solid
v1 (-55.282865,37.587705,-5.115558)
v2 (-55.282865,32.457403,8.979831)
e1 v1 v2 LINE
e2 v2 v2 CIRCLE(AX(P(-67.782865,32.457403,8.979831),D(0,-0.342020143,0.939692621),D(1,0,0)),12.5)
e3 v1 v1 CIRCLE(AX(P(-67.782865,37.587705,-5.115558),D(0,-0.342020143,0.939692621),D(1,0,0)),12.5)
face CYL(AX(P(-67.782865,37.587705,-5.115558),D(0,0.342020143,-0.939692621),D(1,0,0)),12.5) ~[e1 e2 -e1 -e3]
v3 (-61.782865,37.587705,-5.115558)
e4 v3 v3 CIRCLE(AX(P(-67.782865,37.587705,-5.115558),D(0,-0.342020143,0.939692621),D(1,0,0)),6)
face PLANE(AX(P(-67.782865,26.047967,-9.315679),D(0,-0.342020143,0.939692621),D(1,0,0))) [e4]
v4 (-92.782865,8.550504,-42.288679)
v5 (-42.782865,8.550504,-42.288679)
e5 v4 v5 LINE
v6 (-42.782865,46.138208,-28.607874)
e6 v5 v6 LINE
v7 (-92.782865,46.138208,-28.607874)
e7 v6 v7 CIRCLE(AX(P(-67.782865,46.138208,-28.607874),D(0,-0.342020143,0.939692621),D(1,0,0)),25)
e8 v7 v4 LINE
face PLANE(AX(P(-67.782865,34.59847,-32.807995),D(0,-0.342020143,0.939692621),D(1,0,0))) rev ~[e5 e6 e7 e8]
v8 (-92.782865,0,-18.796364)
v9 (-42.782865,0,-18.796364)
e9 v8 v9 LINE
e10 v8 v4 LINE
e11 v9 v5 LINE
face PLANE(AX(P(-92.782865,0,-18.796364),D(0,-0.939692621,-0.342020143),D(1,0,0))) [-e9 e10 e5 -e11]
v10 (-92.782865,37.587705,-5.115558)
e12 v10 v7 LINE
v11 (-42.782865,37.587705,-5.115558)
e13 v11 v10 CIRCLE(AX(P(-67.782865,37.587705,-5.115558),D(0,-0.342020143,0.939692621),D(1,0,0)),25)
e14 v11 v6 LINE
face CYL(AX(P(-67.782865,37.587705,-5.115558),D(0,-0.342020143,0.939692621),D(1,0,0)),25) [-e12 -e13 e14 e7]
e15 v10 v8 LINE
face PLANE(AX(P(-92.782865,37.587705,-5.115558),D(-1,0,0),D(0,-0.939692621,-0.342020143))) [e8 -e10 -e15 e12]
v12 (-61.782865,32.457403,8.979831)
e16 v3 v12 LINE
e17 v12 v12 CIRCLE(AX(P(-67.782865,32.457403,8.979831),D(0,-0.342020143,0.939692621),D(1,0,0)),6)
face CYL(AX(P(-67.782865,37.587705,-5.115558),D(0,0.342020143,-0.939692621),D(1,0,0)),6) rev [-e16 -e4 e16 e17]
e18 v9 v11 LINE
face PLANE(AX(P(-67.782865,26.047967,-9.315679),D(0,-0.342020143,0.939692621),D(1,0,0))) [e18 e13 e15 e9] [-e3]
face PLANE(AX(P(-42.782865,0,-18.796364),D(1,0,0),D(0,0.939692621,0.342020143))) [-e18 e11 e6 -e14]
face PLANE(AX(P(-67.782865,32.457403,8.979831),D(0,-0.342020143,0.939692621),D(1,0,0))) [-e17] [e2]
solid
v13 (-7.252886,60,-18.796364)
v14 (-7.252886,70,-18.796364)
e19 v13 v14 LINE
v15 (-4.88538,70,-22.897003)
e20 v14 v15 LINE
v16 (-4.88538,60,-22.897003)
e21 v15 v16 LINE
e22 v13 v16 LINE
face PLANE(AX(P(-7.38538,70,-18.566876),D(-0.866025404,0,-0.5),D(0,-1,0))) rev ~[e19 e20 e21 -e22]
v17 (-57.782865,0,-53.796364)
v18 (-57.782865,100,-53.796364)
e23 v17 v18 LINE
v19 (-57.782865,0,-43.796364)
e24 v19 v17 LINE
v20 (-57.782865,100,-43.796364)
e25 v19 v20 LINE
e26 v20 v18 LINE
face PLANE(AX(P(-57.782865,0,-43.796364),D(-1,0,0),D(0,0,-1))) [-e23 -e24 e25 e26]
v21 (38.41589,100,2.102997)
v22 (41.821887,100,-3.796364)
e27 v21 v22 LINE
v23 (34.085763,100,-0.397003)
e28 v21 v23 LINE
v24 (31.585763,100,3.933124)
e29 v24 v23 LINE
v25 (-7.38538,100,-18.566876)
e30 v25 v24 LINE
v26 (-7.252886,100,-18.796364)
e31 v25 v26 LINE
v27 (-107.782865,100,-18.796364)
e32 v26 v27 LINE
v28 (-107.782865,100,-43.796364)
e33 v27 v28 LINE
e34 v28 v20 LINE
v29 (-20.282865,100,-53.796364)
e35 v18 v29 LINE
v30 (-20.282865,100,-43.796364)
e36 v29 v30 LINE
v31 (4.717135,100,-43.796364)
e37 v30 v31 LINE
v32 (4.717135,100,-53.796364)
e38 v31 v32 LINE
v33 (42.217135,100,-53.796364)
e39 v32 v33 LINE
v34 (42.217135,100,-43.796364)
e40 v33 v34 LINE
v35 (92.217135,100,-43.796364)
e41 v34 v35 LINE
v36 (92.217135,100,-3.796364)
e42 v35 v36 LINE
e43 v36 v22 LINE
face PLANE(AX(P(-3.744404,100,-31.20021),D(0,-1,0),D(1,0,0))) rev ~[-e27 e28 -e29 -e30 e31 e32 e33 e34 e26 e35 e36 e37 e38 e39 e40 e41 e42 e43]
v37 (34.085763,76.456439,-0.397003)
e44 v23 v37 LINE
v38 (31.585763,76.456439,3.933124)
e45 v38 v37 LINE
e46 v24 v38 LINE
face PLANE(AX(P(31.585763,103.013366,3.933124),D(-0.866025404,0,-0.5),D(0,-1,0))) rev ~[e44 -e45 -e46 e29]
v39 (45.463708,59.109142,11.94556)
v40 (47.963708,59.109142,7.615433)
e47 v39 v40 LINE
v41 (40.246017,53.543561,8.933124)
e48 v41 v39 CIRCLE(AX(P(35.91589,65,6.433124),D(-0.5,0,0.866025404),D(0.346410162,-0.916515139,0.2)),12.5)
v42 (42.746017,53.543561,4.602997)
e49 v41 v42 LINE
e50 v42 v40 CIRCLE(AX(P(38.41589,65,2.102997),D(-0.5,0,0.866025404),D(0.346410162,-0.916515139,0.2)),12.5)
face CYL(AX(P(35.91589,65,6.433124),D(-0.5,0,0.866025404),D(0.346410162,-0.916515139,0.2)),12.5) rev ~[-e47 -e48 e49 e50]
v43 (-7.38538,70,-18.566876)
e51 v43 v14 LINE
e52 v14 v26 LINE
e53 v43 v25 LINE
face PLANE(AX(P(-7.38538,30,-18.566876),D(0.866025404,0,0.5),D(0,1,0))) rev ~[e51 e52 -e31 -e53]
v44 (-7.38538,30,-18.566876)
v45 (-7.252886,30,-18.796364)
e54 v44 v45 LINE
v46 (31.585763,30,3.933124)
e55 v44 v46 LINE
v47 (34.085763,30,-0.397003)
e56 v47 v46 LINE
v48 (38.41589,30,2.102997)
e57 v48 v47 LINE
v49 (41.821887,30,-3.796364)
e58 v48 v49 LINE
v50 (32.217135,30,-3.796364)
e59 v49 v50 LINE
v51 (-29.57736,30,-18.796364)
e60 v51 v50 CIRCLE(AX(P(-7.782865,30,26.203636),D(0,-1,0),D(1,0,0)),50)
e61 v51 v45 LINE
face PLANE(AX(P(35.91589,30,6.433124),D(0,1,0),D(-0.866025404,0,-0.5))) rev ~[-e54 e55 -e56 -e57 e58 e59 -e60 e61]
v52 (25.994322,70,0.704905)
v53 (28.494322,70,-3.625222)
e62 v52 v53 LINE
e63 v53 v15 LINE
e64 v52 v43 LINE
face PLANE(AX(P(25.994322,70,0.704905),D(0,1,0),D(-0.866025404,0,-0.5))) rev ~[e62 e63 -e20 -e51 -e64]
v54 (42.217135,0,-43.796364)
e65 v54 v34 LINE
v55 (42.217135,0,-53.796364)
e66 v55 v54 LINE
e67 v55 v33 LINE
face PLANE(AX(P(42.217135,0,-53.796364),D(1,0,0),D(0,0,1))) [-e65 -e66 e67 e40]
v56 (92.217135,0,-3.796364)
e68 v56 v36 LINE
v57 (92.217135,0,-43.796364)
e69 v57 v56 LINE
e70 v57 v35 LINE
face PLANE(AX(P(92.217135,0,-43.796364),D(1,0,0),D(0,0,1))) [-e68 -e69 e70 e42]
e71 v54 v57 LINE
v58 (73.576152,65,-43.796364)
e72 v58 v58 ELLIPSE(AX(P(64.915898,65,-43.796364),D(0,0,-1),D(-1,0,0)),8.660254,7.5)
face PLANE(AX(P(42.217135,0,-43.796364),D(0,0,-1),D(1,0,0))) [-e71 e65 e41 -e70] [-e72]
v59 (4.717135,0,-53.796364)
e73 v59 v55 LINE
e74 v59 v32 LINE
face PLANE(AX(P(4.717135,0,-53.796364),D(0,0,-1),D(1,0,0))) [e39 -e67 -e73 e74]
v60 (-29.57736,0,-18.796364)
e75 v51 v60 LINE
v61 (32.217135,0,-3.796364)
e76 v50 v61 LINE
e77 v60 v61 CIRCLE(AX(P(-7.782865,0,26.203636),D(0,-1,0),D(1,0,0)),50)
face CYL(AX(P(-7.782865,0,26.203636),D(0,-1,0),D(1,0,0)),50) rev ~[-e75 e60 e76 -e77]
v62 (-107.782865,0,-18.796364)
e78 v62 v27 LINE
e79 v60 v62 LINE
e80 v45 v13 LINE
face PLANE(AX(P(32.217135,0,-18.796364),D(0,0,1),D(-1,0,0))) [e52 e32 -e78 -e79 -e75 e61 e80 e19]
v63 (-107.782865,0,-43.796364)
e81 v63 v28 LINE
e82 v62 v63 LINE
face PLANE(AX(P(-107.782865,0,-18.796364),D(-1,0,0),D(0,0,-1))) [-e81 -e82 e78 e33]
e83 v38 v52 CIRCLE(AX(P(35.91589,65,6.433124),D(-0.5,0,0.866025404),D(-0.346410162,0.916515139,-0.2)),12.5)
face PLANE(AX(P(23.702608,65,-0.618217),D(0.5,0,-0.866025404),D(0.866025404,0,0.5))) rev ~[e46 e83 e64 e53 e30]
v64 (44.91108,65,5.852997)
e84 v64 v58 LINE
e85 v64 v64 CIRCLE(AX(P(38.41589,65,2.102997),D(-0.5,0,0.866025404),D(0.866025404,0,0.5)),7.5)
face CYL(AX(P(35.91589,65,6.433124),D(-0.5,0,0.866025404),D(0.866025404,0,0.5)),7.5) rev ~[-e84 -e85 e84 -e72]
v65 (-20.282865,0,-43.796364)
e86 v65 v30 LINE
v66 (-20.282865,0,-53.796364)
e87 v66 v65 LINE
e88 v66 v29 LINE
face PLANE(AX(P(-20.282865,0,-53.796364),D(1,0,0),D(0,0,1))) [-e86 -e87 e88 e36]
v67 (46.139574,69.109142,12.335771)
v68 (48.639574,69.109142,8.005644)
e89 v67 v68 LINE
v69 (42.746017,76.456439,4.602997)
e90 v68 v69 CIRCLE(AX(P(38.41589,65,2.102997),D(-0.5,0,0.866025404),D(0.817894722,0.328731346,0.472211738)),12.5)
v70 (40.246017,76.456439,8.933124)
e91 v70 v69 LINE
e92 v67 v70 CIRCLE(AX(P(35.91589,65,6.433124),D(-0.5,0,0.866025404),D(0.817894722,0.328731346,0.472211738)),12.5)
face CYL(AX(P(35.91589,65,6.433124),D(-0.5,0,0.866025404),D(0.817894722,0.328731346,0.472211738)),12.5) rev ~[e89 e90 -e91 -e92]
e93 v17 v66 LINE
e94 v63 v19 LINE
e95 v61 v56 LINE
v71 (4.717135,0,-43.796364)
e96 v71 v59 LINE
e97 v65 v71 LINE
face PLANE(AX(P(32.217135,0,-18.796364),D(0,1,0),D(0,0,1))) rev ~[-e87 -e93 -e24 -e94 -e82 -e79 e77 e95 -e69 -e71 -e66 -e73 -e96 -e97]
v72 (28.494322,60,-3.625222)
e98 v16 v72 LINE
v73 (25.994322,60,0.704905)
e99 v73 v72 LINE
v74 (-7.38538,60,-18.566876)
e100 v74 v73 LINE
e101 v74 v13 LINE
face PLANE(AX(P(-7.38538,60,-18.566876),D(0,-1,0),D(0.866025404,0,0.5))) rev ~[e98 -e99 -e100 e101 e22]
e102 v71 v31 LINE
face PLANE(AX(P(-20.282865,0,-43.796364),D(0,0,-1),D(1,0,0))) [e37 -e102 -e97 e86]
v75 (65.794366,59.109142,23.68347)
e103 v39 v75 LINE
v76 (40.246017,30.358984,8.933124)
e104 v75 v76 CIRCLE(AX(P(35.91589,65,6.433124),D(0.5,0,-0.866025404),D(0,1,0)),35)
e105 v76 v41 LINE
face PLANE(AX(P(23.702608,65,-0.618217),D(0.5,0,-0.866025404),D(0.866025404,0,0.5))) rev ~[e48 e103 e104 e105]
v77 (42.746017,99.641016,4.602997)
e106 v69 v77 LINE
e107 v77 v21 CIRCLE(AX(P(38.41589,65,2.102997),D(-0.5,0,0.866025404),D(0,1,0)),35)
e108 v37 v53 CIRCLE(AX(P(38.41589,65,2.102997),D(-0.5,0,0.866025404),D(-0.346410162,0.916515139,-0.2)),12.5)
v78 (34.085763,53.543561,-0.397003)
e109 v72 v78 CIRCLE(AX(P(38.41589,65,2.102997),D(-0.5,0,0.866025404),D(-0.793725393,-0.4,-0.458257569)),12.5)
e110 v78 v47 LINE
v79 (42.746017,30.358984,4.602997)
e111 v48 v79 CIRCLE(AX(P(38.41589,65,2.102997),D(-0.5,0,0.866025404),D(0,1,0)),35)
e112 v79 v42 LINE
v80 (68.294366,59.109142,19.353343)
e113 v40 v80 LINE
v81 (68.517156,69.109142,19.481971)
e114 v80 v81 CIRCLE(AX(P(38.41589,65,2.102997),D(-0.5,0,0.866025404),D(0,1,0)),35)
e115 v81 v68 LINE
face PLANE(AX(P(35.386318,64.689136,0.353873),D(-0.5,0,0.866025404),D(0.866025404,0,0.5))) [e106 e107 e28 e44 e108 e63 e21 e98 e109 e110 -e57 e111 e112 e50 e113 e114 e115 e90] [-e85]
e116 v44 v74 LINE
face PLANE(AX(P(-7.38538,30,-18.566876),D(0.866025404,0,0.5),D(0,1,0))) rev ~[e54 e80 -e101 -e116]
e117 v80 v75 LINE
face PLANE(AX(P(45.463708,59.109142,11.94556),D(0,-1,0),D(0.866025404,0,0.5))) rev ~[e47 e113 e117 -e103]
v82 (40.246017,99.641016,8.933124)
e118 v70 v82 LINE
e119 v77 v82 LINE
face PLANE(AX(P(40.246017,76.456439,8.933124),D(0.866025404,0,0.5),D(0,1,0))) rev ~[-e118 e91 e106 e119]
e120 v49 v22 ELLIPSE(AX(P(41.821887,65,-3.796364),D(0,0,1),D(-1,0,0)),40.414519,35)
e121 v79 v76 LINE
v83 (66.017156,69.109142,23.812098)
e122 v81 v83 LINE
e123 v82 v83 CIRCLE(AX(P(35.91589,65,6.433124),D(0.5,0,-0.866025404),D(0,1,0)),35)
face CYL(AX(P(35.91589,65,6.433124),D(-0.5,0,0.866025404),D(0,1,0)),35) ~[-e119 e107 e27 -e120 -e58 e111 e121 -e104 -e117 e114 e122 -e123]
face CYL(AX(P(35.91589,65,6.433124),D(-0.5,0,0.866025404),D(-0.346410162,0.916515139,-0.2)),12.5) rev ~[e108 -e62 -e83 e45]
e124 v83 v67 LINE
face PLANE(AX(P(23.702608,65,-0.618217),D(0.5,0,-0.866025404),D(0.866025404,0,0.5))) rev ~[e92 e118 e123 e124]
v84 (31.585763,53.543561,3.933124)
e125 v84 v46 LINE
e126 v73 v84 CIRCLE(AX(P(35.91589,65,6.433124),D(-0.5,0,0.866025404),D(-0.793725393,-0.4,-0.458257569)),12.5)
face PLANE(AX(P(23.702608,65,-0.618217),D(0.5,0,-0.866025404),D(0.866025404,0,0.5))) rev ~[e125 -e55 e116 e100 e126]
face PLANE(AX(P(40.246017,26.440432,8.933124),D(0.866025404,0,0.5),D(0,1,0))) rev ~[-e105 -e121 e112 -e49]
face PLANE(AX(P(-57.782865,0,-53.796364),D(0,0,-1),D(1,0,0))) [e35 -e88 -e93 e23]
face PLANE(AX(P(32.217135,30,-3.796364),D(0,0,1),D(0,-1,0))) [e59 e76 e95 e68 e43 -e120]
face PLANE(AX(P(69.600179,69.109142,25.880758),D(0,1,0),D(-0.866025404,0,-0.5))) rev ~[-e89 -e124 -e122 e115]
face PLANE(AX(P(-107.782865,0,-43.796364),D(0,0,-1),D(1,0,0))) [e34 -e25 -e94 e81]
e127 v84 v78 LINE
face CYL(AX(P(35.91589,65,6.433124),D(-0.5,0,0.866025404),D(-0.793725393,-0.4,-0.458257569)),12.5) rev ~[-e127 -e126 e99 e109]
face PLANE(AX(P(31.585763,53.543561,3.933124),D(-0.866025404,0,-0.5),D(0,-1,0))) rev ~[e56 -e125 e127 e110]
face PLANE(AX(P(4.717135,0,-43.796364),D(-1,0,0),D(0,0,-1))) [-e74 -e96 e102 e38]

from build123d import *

# Parameters (mm, degrees)
F1_DEPTH  = 100
F4_DEPTH  = 25
F5_R      = 12.5
F5_R_2    = 6
F6_DEPTH  = 15
F11_R     = 7.5
F12_DEPTH = 80.3118891325
F14_DEPTH = 5
F15_W     = 30
F15_H     = 15
F16_DEPTH = 25
F17_R     = 50
F18_DEPTH = 30


with BuildPart() as f1:
    # F0 (on Front) → F1 (new body)
    with BuildSketch(Plane.XZ):
        Polygon((92.2171346843, -3.7963638455), (32.2171346843, -3.7963638455), (32.2171346843, -18.7963638455), (-107.7828653157, -18.7963638455), (-107.7828653157, -43.7963638455), (-57.7828653157, -43.7963638455), (-57.7828653157, -53.7963638455), (-20.2828653157, -53.7963638455), (-20.2828653157, -43.7963638455), (4.7171346843, -43.7963638455), (4.7171346843, -53.7963638455), (42.2171346843, -53.7963638455), (42.2171346843, -43.7963638455), (92.2171346843, -43.7963638455), align=None)
    extrude(amount=-F1_DEPTH)

    # F9 (on line) → F10 (join, up to the next surface of F1)
    with BuildSketch(Plane(origin=(6.1933479656, 0, -10.7271933453), x_dir=(0.8660254038, 0, 0.5), z_dir=(0.5, 0, -0.8660254038))):
        with BuildLine():
            Line((-15.679365024, -30), (-15.679365024, -100))
            Line((-15.679365024, -100), (34.320634976, -100))
            ThreePointArc((34.320634976, -100), (69.320634976, -65), (34.320634976, -30))
            Line((34.320634976, -30), (-15.679365024, -30))
        make_face()
    extrude(until=Until.NEXT)

    # F11 (on face) → F12 (cut, through all)
    with BuildSketch(Plane(origin=(6.1933479656, 0, -10.7271933453), x_dir=(0.8660254038, 0, 0.5), z_dir=(-0.5, 0, 0.8660254038))):
        with Locations((34.320634976, 65)):
            Circle(F11_R)
    extrude(amount=-F12_DEPTH, mode=Mode.SUBTRACT)

    # F13 (on face) → F14 (cut)
    with BuildSketch(Plane(origin=(6.1933479656, 0, -10.7271933453), x_dir=(0.8660254038, 0, 0.5), z_dir=(-0.5, 0, 0.8660254038))):
        with BuildLine():
            Line((39.320634976, 26.4404322952), (39.320634976, 53.5435607626))
            ThreePointArc((39.320634976, 53.5435607626), (42.8025598424, 55.818118354), (45.3455064204, 59.1091418592))
            Line((45.3455064204, 59.1091418592), (72.9986197077, 59.1091418592))
            Line((72.9986197077, 59.1091418592), (73.2159018517, 69.1091418266))
            Line((73.2159018517, 69.1091418266), (46.1259284264, 69.1091418266))
            ThreePointArc((46.1259284264, 69.1091418266), (43.4912492847, 73.4941057917), (39.320634976, 76.4564392374))
            Line((39.320634976, 76.4564392374), (39.320634976, 103.0133664608))
            Line((39.320634976, 103.0133664608), (29.320634976, 103.0133664608))
            Line((29.320634976, 103.0133664608), (29.320634976, 76.4564392374))
            ThreePointArc((29.320634976, 76.4564392374), (25.4818002112, 73.8388347648), (22.8641957386, 70))
            Line((22.8641957386, 70), (-15.679365024, 70))
            Line((-15.679365024, 70), (-15.679365024, 60))
            Line((-15.679365024, 60), (22.8641957386, 60))
            ThreePointArc((22.8641957386, 60), (25.4818002112, 56.1611652352), (29.320634976, 53.5435607626))
            Line((29.320634976, 53.5435607626), (29.320634976, 26.4404322952))
            Line((29.320634976, 26.4404322952), (39.320634976, 26.4404322952))
        make_face()
    extrude(amount=-F14_DEPTH, mode=Mode.SUBTRACT)

    # F15 (on face) → F16 (join)
    with BuildSketch(Plane(origin=(32.2171346843, 0, 0), x_dir=(0, -1, 0), z_dir=(-1, 0, 0))):
        with Locations((-15, -11.2963638455)):
            Rectangle(F15_W, F15_H)
    extrude(amount=F16_DEPTH)

    # F17 (on face) → F18 (cut, through all)
    with BuildSketch(Plane.XZ):
        with Locations((-7.7828653157, 26.2036361545)):
            Circle(F17_R)
    extrude(amount=-F18_DEPTH, mode=Mode.SUBTRACT)


with BuildPart() as f4:
    # F3 (on face) → F4 (new body)
    with BuildSketch(Plane(origin=(0, 6.0410348935, -16.5976069601), x_dir=(1, 0, 0), z_dir=(0, -0.3420201433, 0.9396926208))):
        with BuildLine():
            Line((-92.7828653157, 33.5712649436), (-92.7828653157, -6.4287350564))
            Line((-92.7828653157, -6.4287350564), (-42.7828653157, -6.4287350564))
            Line((-42.7828653157, -6.4287350564), (-42.7828653157, 33.5712649436))
            ThreePointArc((-42.7828653157, 33.5712649436), (-67.7828653157, 58.5712649436), (-92.7828653157, 33.5712649436))
        make_face()
    extrude(amount=-F4_DEPTH)

    # F5 (on face) → F6 (join)
    with BuildSketch(Plane(origin=(0, 6.0410348935, -16.5976069601), x_dir=(1, 0, 0), z_dir=(0, -0.3420201433, 0.9396926208))):
        with Locations((-67.7828653157, 33.5712649436)):
            Circle(F5_R)
        with Locations((-67.7828653157, 33.5712649436)):
            Circle(F5_R_2, mode=Mode.SUBTRACT)
    extrude(amount=F6_DEPTH)


solid = Compound([f1.part, f4.part])
